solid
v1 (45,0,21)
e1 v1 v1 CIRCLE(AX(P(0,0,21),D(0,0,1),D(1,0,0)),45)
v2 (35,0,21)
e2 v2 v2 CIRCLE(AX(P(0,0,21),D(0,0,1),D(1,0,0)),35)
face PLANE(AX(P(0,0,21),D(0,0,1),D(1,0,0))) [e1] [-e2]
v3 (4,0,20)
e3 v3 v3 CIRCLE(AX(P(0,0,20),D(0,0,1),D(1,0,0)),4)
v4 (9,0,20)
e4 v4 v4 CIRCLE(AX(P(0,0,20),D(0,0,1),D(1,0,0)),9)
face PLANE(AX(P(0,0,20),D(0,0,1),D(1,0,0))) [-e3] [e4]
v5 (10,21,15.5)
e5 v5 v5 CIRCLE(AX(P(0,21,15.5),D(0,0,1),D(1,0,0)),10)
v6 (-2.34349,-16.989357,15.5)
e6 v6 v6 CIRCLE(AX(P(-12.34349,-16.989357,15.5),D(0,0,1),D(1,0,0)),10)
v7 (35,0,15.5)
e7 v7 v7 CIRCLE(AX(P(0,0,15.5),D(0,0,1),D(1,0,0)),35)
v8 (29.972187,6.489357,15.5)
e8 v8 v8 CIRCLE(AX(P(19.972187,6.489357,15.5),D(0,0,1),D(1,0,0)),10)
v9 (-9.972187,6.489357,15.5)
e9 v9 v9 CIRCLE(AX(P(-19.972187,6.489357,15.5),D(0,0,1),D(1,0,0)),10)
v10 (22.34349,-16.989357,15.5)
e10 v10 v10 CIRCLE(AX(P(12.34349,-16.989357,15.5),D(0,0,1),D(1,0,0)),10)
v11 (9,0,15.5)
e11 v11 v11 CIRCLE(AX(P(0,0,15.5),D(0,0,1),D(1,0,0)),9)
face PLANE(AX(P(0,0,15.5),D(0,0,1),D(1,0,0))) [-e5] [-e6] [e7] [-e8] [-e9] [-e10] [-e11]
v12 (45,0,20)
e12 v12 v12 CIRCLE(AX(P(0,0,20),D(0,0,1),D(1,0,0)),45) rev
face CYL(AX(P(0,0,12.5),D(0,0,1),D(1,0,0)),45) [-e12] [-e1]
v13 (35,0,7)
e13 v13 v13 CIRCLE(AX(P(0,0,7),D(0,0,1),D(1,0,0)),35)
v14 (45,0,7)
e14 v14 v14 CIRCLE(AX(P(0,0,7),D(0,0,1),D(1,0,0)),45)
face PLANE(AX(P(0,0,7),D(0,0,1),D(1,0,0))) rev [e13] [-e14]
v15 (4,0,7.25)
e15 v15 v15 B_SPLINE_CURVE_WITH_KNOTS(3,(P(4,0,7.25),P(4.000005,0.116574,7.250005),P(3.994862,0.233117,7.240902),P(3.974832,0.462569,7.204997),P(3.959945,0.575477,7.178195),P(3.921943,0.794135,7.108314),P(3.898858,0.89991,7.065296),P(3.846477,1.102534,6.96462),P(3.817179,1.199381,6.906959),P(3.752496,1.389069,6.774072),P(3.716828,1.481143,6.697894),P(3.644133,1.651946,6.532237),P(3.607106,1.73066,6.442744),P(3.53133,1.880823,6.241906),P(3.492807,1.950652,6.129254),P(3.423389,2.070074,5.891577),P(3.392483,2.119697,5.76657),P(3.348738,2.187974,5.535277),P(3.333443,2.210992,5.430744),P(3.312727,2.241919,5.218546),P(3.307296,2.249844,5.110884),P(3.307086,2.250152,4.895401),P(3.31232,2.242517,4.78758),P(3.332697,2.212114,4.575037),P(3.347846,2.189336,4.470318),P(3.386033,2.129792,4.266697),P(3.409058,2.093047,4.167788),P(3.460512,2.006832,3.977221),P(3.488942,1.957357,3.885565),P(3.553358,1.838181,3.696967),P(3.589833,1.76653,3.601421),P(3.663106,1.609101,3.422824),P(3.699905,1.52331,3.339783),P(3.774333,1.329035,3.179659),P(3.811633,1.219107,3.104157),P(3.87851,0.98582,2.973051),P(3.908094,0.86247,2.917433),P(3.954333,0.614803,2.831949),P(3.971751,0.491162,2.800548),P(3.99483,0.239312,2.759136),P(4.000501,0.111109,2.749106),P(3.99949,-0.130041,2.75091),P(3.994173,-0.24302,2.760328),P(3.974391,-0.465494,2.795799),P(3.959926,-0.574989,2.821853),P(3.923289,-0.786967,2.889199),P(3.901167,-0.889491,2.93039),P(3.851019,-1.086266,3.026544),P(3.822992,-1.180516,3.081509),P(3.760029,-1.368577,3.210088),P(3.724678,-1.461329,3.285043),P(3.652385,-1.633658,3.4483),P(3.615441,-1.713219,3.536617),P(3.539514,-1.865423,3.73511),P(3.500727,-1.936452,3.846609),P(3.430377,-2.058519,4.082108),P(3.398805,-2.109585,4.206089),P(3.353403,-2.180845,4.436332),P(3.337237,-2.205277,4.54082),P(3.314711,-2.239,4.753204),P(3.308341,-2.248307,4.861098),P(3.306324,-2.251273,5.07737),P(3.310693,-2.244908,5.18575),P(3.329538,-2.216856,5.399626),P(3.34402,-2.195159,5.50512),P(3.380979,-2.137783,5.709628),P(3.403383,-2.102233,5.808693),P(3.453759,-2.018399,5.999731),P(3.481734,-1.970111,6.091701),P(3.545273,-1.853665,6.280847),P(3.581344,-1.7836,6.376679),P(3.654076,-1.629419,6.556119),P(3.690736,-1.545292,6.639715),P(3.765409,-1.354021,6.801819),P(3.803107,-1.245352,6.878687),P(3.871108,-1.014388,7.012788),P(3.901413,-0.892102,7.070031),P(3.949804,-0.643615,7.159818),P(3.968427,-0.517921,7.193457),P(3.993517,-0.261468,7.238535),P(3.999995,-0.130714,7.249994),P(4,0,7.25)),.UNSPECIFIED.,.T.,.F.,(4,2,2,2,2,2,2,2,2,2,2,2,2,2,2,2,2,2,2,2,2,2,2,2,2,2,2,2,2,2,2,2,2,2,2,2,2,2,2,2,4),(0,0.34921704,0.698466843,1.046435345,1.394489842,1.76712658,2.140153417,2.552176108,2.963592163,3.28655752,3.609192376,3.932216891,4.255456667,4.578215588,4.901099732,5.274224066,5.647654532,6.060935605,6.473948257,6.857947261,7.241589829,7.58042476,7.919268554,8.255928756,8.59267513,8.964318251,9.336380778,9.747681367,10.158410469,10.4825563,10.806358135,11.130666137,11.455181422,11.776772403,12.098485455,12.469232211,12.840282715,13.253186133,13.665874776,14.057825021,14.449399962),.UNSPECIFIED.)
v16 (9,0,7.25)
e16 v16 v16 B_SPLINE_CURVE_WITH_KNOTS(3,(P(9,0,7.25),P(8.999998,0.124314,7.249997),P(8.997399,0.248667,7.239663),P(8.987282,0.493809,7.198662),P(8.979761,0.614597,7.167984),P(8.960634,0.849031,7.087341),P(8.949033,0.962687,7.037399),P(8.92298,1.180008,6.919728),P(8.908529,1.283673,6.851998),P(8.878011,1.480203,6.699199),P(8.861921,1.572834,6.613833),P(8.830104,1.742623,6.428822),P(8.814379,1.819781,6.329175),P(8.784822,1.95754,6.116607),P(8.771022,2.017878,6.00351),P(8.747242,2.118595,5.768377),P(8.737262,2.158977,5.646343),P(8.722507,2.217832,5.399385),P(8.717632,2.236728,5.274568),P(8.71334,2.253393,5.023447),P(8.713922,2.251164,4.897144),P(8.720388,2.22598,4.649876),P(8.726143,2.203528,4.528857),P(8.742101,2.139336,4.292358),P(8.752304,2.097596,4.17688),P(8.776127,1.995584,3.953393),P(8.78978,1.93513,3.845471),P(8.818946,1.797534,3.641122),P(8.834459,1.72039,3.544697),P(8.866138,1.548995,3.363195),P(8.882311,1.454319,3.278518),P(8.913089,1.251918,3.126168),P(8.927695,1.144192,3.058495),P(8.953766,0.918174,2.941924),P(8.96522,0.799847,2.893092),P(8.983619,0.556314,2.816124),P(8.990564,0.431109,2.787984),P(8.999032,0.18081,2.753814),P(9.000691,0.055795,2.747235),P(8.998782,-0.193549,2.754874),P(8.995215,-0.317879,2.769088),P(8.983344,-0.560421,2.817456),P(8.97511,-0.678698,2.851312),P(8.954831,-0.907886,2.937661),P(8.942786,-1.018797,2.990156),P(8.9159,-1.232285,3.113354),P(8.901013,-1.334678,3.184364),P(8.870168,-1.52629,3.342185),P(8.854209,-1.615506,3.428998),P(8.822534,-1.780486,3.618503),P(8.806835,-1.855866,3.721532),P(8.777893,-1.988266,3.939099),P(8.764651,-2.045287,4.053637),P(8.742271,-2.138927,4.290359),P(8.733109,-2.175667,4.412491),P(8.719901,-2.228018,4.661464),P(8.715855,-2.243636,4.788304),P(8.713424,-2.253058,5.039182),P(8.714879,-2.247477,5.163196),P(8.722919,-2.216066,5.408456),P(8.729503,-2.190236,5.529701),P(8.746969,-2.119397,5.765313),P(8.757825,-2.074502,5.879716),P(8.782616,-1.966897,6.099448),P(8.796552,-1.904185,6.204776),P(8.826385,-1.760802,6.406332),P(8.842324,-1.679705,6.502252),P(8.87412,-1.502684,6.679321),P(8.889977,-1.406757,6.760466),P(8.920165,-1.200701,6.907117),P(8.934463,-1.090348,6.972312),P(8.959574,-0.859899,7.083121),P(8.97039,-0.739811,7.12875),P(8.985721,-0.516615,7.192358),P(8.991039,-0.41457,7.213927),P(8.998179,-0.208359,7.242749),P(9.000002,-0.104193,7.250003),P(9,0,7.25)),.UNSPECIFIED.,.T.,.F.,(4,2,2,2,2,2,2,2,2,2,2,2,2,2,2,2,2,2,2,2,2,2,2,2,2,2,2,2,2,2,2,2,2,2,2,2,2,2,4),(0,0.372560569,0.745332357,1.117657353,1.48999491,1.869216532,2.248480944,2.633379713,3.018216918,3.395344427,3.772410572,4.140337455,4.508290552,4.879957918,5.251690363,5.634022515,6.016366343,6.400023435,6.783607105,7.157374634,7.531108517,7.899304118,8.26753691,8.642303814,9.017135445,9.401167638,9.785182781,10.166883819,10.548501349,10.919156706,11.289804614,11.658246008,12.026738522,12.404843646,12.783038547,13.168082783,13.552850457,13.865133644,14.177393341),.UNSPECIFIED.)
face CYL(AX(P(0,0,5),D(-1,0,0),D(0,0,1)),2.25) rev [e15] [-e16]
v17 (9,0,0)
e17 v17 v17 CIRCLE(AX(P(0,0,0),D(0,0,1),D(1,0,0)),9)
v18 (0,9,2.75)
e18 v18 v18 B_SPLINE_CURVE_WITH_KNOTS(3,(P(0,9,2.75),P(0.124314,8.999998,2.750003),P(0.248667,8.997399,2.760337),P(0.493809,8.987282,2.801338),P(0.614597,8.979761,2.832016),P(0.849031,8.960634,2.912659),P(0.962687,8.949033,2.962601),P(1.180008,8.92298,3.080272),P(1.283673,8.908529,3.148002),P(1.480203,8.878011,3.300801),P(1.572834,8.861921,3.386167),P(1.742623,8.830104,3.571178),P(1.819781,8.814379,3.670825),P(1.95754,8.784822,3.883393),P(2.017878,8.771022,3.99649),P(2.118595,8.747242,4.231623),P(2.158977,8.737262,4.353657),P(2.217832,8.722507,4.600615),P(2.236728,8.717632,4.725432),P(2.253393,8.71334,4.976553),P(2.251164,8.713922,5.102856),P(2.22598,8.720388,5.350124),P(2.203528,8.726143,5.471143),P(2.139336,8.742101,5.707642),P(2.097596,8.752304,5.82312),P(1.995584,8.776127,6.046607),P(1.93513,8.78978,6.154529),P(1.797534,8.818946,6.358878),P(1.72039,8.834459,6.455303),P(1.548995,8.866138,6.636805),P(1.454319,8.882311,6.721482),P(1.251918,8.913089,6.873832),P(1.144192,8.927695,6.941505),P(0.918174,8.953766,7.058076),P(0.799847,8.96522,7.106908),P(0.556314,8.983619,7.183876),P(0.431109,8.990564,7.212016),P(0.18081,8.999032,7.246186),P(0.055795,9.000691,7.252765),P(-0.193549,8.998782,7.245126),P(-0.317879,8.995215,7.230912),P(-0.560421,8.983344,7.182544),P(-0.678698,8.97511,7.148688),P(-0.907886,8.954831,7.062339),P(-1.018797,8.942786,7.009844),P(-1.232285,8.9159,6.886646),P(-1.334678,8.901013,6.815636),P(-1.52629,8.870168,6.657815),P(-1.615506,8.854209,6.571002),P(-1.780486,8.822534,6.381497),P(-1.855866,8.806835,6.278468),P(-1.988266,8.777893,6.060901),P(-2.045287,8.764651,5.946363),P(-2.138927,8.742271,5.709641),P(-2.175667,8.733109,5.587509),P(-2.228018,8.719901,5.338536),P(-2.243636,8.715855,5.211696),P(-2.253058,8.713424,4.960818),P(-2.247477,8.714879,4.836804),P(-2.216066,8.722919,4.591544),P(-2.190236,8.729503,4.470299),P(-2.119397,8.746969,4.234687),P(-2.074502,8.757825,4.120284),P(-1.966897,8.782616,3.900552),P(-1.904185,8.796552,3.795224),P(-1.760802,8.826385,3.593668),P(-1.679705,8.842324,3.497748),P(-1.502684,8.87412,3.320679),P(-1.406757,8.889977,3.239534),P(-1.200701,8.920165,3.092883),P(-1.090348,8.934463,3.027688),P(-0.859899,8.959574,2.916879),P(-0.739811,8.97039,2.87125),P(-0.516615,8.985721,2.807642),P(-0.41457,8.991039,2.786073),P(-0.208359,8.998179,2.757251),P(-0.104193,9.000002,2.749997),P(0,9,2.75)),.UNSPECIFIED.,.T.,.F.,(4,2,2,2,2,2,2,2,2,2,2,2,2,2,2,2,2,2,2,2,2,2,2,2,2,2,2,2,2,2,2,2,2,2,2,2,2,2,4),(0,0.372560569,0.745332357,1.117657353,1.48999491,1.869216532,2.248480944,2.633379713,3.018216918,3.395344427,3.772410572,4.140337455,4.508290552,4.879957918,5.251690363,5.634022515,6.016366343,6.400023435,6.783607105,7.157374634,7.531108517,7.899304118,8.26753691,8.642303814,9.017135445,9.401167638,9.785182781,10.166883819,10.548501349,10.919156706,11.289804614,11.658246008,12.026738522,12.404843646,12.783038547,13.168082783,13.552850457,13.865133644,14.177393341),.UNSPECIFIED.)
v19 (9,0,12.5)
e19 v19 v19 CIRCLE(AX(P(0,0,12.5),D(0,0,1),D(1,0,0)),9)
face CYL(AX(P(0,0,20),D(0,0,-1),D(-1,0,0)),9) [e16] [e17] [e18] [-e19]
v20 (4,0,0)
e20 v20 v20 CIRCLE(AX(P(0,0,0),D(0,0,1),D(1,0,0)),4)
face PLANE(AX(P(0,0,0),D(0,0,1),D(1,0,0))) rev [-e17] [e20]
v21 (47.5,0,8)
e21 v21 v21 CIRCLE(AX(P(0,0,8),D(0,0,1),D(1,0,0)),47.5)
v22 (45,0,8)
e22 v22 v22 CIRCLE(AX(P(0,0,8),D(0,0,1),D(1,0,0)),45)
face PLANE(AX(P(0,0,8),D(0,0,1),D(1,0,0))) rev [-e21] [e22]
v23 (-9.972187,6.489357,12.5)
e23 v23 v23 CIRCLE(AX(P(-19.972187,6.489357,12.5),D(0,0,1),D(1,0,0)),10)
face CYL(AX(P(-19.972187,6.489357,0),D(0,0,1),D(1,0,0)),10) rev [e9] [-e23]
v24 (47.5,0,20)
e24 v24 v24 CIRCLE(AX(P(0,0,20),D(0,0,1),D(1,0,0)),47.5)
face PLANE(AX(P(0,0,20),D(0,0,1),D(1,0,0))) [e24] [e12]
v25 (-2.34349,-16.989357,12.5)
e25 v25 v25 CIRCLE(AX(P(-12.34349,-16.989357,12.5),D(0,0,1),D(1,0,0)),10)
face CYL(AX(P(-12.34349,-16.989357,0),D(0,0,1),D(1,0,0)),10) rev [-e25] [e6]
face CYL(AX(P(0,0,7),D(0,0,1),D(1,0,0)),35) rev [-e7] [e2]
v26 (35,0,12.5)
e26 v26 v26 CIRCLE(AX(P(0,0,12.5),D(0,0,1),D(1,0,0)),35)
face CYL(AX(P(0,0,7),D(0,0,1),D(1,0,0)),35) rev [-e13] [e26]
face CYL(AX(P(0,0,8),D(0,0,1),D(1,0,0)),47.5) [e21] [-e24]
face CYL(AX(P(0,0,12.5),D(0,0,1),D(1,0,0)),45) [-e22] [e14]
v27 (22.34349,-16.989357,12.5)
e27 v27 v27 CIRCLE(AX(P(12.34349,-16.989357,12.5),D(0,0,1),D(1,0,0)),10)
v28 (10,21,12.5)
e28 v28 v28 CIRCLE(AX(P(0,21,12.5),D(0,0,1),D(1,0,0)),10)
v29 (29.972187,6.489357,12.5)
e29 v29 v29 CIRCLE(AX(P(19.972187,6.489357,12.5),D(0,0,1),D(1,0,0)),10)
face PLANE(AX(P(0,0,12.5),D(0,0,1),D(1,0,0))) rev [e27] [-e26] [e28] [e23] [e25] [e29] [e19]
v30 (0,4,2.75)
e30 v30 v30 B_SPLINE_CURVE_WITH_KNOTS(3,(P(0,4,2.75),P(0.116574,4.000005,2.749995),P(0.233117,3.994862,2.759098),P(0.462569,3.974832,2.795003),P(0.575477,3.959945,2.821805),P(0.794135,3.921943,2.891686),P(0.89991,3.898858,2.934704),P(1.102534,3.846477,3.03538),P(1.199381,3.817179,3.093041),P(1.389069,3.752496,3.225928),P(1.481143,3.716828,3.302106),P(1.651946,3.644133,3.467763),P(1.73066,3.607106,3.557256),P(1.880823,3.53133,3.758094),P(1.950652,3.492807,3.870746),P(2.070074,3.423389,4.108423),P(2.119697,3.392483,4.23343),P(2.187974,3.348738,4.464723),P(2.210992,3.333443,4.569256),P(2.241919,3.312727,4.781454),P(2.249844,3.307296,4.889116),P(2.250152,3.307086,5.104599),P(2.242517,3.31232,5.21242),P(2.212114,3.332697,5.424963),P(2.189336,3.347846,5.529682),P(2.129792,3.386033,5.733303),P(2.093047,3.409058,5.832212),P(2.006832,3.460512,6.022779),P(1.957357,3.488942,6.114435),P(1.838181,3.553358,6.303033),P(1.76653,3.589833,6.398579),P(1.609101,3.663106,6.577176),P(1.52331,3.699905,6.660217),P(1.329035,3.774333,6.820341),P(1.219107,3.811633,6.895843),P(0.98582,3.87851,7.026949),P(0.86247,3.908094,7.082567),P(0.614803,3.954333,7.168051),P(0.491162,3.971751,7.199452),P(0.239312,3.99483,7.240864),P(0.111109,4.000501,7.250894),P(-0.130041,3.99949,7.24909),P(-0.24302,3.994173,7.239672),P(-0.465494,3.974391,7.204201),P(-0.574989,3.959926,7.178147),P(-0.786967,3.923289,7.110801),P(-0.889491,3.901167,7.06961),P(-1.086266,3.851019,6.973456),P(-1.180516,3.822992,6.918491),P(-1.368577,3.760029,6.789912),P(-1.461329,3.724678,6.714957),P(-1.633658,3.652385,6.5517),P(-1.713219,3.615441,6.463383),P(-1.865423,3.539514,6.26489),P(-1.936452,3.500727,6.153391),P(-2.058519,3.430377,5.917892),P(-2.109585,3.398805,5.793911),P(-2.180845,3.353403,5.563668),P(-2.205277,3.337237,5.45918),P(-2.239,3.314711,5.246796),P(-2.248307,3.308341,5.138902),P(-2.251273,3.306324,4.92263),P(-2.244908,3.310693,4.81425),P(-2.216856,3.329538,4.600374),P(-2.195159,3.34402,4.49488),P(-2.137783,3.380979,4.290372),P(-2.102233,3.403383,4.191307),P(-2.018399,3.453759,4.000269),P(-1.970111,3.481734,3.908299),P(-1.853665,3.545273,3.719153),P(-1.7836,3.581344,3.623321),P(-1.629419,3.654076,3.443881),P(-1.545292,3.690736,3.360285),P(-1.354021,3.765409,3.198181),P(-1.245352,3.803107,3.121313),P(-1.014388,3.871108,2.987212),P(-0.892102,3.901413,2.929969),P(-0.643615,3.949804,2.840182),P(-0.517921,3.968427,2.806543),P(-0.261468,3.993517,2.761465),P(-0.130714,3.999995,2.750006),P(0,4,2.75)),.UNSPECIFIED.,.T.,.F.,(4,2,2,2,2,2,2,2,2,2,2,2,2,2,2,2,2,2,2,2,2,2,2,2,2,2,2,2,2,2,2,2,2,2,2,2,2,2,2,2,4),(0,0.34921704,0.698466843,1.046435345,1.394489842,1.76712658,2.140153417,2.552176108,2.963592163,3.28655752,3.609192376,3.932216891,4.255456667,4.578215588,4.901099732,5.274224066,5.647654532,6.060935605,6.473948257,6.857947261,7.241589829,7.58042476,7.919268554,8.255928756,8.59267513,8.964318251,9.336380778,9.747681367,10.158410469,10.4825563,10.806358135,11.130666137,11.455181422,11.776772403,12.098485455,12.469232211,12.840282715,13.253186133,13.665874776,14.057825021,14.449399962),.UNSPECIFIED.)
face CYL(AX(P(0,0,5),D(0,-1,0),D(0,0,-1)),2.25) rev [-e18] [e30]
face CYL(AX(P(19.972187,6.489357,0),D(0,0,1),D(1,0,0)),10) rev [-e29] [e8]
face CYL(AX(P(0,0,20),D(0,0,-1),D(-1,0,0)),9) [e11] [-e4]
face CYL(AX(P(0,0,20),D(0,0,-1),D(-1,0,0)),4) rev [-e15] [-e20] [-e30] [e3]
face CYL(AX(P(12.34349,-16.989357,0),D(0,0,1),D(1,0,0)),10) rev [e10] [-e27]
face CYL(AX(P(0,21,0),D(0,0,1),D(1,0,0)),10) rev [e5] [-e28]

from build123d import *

# Parameters (mm, degrees)
SKETCH_1_R               = 9
SKETCH_1_R_2             = 4
EXTRUDE_1_DEPTH          = 20
EXTRUDE_2_DEPTH          = 1.5
EXTRUDE_2_DEPTH_BACK     = 1.5
SKETCH_2_R               = 45
CUT_EXTRUDE_2_DEPTH      = 67.708320321
CUT_EXTRUDE_2_DEPTH_BACK = 67.708320321
SKETCH_1_2_R             = 4
CUT_EXTRUDE_3_DEPTH      = 66.5
CUT_EXTRUDE_3_DEPTH_BACK = 66.5
SKETCH_3_R               = 10
EXTRUDE_3_DEPTH          = 7
EXTRUDE_3_DEPTH_BACK     = 7
SKETCH_5_R               = 45
SKETCH_5_R_2             = 35
EXTRUDE_4_DEPTH          = 6
EXTRUDE_4_DEPTH_BACK     = 6
SKETCH_6_R               = 47.5
SKETCH_6_R_2             = 45


with BuildPart() as part:
    # 스케치1 → 보스-돌출1 (new body)
    with BuildSketch(Plane.XY):
        Circle(SKETCH_1_R)
        Circle(SKETCH_1_R_2, mode=Mode.SUBTRACT)
    extrude(amount=EXTRUDE_1_DEPTH)

    # 스케치2 → 보스-돌출2 (add, two sides: drawn at the far end of the back side and taken through both)
    with BuildSketch(Plane.XY.offset(14).offset(-EXTRUDE_2_DEPTH_BACK)):
        Circle(SKETCH_2_R)
    extrude(amount=EXTRUDE_2_DEPTH + EXTRUDE_2_DEPTH_BACK)

    # 스케치1<2> → 컷-돌출2 (cut, two sides: drawn at the far end of the back side and taken through both)
    with BuildSketch(Plane.XY.offset(-CUT_EXTRUDE_2_DEPTH_BACK)):
        Circle(SKETCH_1_2_R)
    extrude(amount=CUT_EXTRUDE_2_DEPTH + CUT_EXTRUDE_2_DEPTH_BACK, mode=Mode.SUBTRACT)

    # 스케치3 → 컷-돌출3 (cut, two sides: drawn at the far end of the back side and taken through both)
    with BuildSketch(Plane.XY.offset(15.5).offset(-CUT_EXTRUDE_3_DEPTH_BACK)):
        with Locations((0, 21)):
            Circle(SKETCH_3_R)
        with Locations((19.972186842, 6.489356882)):
            Circle(SKETCH_3_R)
        with Locations((12.343490298, -16.989356882)):
            Circle(SKETCH_3_R)
        with Locations((-12.343490298, -16.989356882)):
            Circle(SKETCH_3_R)
        with Locations((-19.972186842, 6.489356882)):
            Circle(SKETCH_3_R)
    extrude(amount=CUT_EXTRUDE_3_DEPTH + CUT_EXTRUDE_3_DEPTH_BACK, mode=Mode.SUBTRACT)

    # 스케치5 → 보스-돌출3 (add, two sides: drawn at the far end of the back side and taken through both)
    with BuildSketch(Plane.XY.offset(14).offset(-EXTRUDE_3_DEPTH_BACK)):
        Circle(SKETCH_5_R)
        Circle(SKETCH_5_R_2, mode=Mode.SUBTRACT)
    extrude(amount=EXTRUDE_3_DEPTH + EXTRUDE_3_DEPTH_BACK)

    # 스케치6 → 보스-돌출4 (add, two sides: drawn at the far end of the back side and taken through both)
    with BuildSketch(Plane.XY.offset(14).offset(-EXTRUDE_4_DEPTH_BACK)):
        Circle(SKETCH_6_R)
        Circle(SKETCH_6_R_2, mode=Mode.SUBTRACT)
    extrude(amount=EXTRUDE_4_DEPTH + EXTRUDE_4_DEPTH_BACK)

    # 스케치9 → M4 여유 구멍1 (revolve, cut)
    with BuildSketch(Plane(origin=(0, 0, 5), x_dir=(0, 0, -1), z_dir=(1, 0, 0))):
        Polygon((0, 0), (0, 31.351936393), (2.25, 30), (2.25, 0), align=None)
    revolve(axis=Axis((0, -6.35, 5), (0, 1, 0)), mode=Mode.SUBTRACT)

    # 스케치12 → M4 여유 구멍2 (revolve, cut)
    with BuildSketch(Plane(origin=(0, 0, 5), x_dir=(0, 0, 1), z_dir=(0, 1, 0))):
        Polygon((0, 0), (0, 31.351936393), (2.25, 30), (2.25, 0), align=None)
    revolve(axis=Axis((-6.35, 0, 5), (1, 0, 0)), mode=Mode.SUBTRACT)


solid = part.part
